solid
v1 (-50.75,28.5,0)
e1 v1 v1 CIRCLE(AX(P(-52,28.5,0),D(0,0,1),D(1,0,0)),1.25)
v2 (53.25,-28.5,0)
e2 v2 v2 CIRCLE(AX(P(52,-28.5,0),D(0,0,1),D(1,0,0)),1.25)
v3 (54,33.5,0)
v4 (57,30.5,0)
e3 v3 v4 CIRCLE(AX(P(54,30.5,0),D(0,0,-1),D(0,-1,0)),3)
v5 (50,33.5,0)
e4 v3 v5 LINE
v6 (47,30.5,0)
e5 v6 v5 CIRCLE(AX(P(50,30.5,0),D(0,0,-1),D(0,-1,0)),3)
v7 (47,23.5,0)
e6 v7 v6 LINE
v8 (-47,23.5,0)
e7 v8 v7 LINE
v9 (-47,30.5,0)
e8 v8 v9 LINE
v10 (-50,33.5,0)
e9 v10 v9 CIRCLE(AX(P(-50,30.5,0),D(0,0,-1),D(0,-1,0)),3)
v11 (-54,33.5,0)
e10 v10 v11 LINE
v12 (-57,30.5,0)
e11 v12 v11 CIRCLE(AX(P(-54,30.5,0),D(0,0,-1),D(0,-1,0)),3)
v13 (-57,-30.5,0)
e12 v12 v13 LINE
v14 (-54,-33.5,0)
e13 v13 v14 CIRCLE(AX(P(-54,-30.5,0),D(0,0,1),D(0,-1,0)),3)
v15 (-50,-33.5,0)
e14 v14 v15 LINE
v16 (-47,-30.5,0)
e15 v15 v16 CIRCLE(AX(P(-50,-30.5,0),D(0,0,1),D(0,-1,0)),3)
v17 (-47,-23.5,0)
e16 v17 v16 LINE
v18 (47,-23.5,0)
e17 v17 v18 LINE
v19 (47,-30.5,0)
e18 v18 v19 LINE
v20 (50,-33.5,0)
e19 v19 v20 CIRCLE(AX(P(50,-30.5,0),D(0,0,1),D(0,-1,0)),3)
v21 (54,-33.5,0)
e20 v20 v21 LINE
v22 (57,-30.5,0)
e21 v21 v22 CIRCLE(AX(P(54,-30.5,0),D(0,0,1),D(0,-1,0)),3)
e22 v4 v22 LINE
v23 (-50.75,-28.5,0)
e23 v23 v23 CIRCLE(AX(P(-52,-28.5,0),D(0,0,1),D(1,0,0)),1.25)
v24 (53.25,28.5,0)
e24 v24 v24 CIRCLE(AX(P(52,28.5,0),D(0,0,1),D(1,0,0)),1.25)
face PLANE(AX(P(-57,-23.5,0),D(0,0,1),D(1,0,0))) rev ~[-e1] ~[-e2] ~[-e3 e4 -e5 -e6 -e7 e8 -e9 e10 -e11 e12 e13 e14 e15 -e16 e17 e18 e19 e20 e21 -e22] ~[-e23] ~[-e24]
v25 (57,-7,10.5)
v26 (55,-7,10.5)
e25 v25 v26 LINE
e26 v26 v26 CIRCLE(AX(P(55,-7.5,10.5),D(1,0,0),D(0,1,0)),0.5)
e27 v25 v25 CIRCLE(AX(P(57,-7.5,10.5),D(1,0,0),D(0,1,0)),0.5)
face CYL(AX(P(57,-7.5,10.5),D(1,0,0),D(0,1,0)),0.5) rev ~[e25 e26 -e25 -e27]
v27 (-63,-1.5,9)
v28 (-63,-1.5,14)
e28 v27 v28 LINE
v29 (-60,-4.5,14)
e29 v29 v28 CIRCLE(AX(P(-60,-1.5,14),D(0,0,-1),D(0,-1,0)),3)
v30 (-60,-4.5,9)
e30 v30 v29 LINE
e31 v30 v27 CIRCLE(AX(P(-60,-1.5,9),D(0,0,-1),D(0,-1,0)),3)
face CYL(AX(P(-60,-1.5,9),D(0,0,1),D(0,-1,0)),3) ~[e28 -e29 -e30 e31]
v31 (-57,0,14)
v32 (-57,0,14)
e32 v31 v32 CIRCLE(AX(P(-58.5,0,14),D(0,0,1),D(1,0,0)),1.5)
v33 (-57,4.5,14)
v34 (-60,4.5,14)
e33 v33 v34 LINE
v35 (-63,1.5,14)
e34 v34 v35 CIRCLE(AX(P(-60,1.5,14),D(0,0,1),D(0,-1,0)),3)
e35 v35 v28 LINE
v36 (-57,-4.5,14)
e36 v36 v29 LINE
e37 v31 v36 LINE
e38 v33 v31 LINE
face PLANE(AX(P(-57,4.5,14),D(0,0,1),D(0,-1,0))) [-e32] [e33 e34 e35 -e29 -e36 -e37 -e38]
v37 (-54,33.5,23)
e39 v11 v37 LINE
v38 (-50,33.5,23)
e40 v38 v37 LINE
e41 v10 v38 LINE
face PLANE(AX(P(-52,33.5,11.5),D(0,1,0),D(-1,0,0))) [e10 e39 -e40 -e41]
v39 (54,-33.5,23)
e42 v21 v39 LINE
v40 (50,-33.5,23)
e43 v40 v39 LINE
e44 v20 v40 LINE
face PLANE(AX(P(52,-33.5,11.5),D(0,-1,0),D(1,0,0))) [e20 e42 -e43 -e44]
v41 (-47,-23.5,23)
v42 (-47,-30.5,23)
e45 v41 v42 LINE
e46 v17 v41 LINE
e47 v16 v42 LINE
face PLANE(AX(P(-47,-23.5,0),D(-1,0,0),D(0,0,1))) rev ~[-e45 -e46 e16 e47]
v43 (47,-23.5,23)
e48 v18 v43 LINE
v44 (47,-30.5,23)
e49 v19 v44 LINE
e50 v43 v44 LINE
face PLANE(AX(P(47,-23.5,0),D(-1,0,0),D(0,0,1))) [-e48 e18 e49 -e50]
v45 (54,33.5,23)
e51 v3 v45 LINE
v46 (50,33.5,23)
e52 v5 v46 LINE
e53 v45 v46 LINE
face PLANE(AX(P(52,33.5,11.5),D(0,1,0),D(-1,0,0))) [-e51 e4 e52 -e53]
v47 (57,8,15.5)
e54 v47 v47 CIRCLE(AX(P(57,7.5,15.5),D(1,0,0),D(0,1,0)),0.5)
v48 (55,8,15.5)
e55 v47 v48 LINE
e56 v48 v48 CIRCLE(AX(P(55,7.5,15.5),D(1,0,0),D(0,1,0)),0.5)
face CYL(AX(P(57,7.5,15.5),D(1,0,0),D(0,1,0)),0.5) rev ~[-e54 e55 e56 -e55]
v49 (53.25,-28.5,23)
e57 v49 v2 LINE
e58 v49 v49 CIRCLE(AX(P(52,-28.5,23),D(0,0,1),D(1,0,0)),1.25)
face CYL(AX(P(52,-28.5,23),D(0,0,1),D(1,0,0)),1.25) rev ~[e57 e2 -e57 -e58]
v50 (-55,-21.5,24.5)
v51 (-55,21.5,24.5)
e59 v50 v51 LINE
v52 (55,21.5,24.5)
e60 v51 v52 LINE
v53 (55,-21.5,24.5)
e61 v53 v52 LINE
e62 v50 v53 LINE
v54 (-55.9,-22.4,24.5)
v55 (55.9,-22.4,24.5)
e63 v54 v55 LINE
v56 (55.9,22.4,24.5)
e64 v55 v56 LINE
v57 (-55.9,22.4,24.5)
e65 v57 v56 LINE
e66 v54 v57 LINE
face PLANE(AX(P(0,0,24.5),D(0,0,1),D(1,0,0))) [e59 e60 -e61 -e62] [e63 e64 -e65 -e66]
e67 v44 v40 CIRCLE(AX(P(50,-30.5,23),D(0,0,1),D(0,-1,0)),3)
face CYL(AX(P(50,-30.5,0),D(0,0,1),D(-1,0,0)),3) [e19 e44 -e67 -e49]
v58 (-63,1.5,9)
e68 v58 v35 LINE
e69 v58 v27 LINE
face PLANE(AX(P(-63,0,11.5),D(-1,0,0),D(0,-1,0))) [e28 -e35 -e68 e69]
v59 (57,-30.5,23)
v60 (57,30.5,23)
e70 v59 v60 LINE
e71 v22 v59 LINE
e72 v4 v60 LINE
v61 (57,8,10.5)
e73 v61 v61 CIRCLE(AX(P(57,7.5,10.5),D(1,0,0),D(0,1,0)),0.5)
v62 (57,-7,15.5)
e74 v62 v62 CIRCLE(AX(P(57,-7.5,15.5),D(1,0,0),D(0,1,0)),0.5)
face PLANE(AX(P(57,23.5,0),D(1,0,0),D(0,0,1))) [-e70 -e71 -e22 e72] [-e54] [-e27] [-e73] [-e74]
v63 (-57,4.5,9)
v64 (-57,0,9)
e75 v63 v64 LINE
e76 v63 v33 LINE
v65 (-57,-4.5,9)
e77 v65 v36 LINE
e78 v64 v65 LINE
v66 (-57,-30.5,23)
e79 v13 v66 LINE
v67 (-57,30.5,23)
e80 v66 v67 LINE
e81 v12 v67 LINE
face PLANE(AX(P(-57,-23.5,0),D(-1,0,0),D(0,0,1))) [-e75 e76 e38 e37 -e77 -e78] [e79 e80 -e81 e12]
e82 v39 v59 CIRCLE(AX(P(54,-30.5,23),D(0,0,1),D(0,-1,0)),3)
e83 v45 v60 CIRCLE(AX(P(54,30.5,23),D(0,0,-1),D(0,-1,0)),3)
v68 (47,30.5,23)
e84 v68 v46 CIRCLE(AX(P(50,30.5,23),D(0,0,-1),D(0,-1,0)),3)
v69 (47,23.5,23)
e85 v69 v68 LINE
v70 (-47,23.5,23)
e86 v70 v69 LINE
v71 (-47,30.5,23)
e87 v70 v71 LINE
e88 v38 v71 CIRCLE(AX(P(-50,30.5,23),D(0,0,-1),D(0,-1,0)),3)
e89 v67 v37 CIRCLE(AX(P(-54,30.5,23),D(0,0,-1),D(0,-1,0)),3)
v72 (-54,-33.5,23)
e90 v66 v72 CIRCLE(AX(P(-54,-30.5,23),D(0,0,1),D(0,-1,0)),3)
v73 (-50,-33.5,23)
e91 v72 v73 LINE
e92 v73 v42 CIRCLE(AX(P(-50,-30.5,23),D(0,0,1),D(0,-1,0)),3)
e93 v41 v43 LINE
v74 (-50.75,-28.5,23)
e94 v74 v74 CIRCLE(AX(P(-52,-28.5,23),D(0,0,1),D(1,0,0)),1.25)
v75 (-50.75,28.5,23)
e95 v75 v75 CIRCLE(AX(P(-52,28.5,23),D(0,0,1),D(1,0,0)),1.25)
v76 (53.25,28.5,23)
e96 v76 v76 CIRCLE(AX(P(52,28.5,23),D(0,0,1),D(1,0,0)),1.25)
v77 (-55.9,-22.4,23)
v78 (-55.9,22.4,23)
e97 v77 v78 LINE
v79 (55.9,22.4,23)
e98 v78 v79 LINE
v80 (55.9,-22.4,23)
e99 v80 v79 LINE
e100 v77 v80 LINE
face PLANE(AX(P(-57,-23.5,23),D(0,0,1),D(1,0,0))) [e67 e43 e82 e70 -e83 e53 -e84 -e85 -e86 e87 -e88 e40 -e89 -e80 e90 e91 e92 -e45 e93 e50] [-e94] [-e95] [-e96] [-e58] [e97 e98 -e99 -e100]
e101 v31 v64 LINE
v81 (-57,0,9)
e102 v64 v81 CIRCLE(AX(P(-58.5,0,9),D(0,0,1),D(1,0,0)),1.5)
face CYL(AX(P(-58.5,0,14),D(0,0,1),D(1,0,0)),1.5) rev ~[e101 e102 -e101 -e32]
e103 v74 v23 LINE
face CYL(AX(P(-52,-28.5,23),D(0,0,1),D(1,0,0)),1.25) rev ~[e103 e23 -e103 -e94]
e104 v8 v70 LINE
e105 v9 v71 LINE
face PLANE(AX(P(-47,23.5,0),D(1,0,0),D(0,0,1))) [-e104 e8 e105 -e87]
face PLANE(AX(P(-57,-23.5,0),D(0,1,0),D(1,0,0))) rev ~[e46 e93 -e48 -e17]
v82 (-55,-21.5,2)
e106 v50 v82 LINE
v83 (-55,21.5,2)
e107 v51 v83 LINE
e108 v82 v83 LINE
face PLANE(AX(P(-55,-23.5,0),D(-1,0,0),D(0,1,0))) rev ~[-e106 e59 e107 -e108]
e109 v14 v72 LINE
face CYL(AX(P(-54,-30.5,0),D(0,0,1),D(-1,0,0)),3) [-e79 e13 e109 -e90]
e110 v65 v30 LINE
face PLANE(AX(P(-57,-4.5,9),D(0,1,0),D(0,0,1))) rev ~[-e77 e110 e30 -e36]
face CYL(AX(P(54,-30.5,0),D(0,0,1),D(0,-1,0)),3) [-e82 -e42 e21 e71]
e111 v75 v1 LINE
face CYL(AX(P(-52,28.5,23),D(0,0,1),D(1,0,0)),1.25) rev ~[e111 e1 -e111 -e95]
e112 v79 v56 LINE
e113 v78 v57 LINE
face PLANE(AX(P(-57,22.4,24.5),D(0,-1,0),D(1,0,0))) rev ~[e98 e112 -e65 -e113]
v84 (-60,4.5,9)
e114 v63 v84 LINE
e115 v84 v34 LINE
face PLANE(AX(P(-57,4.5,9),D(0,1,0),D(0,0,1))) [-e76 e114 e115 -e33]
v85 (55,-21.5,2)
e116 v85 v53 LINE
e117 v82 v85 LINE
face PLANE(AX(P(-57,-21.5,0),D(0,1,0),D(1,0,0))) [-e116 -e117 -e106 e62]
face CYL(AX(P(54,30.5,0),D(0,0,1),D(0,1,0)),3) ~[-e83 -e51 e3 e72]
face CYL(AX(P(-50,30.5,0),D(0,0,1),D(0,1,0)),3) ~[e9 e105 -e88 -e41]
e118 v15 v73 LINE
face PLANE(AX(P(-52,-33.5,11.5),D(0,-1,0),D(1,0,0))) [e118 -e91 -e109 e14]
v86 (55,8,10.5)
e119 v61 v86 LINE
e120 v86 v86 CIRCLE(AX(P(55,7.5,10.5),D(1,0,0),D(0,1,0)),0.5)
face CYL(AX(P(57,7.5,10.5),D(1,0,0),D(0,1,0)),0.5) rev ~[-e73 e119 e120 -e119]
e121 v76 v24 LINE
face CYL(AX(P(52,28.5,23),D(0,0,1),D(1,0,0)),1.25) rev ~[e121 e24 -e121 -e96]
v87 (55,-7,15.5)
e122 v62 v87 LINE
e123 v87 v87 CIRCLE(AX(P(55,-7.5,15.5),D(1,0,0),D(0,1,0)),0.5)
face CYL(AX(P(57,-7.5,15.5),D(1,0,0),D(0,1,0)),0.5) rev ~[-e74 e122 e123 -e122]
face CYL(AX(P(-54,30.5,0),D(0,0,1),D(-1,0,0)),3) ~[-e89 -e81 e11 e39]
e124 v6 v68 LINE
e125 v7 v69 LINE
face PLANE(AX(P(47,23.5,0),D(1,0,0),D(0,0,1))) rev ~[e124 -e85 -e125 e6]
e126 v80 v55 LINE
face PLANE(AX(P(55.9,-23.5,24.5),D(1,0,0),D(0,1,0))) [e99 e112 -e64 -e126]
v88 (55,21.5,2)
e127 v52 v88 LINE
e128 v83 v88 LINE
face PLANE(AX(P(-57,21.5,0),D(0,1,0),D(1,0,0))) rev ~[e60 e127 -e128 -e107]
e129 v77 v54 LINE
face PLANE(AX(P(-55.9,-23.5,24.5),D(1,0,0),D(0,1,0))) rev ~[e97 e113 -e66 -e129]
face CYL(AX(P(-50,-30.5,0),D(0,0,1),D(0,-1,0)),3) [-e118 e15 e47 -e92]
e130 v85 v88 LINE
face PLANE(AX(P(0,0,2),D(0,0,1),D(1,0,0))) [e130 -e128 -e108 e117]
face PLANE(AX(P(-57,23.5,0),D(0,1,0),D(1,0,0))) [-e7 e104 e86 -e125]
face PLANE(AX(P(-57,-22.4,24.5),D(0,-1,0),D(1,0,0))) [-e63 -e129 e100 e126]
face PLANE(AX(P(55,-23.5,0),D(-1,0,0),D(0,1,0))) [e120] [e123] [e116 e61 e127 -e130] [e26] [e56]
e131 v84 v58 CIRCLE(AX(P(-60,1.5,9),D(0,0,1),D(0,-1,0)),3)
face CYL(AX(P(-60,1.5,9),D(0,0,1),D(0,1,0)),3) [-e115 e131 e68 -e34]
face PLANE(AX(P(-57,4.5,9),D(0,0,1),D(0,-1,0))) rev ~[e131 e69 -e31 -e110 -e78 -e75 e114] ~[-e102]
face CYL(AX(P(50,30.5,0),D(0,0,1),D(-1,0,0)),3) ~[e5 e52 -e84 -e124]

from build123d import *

# Parameters (mm, degrees)
SKETCH_W        = 114
SKETCH_H        = 47
PAD_DEPTH       = 24.5
THICKNESS_T     = -2
SKETCH001_W     = 114
SKETCH001_H     = 1.1
POCKET_DEPTH    = 1.5
SKETCH002_W     = 1.1
SKETCH002_H     = 47
POCKET001_DEPTH = 1.5
SKETCH003_W     = 10
SKETCH003_H     = 23
PAD001_DEPTH    = 10
SKETCH004_W     = 10
SKETCH004_H     = 23
PAD002_DEPTH    = 10
SKETCH005_R     = 1.25
POCKET002_DEPTH = 23
SKETCH006_R     = 0.5
POCKET003_DEPTH = 2
SKETCH007_W     = 9
SKETCH007_H     = 5
PAD003_DEPTH    = 6
SKETCH009_R     = 1.5
POCKET004_DEPTH = 5
FILLET_R        = 3
FILLET001_R     = 3
FILLET002_R     = 3


with BuildPart() as part:
    # Sketch → Pad (new body)
    with BuildSketch(Plane.XY):
        Rectangle(SKETCH_W, SKETCH_H)
    extrude(amount=PAD_DEPTH)

    # Thickness
    thickness_openings = [part.faces().sort_by_distance(p)[0] for p in [
        (0, 0, 24.5),
    ]]
    offset(amount=THICKNESS_T, openings=thickness_openings)

    # Sketch001 (on Face6 of Thickness) → Pocket (cut)
    with BuildSketch(Plane.XY.offset(24.5)):
        with Locations((0, -22.95)):
            Rectangle(SKETCH001_W, SKETCH001_H)
        with Locations((0, 22.95)):
            Rectangle(SKETCH001_W, SKETCH001_H)
    extrude(amount=-POCKET_DEPTH, mode=Mode.SUBTRACT)

    # Sketch002 (on Face6 of Pocket) → Pocket001 (cut)
    with BuildSketch(Plane.XY.offset(24.5)):
        with Locations((56.45, 0)):
            Rectangle(SKETCH002_W, SKETCH002_H)
        with Locations((-56.45, 0)):
            Rectangle(SKETCH002_W, SKETCH002_H)
    extrude(amount=-POCKET001_DEPTH, mode=Mode.SUBTRACT)

    # Sketch003 (on Face4 of Pocket001) → Pad001 (join)
    with BuildSketch(Plane(origin=(0, 23.5, 0), x_dir=(-1, 0, 0), z_dir=(0, 1, 0))):
        with Locations((-52, 11.5)):
            Rectangle(SKETCH003_W, SKETCH003_H)
        with Locations((52, 11.5)):
            Rectangle(SKETCH003_W, SKETCH003_H)
    extrude(amount=PAD001_DEPTH)

    # Sketch004 (on Face1 of Pad001) → Pad002 (join)
    with BuildSketch(Plane.XZ.offset(23.5)):
        with Locations((-52, 11.5)):
            Rectangle(SKETCH004_W, SKETCH004_H)
        with Locations((52, 11.5)):
            Rectangle(SKETCH004_W, SKETCH004_H)
    extrude(amount=PAD002_DEPTH)

    # Sketch005 (on Face12 of Pad002) → Pocket002 (cut)
    with BuildSketch(Plane.XY.offset(23)):
        with Locations((-52, 28.5)):
            Circle(SKETCH005_R)
        with Locations((52, 28.5)):
            Circle(SKETCH005_R)
        with Locations((52, -28.5)):
            Circle(SKETCH005_R)
        with Locations((-52, -28.5)):
            Circle(SKETCH005_R)
    extrude(amount=-POCKET002_DEPTH, mode=Mode.SUBTRACT)

    # Sketch006 (on Face12 of Pocket002) → Pocket003 (cut)
    with BuildSketch(Plane.YZ.offset(57)):
        with Locations((7.5, 10.5)):
            Circle(SKETCH006_R)
        with Locations((7.5, 15.5)):
            Circle(SKETCH006_R)
        with Locations((-7.5, 10.5)):
            Circle(SKETCH006_R)
        with Locations((-7.5, 15.5)):
            Circle(SKETCH006_R)
    extrude(amount=-POCKET003_DEPTH, mode=Mode.SUBTRACT)

    # Sketch007 (on Face4 of Pocket003) → Pad003 (join)
    with BuildSketch(Plane(origin=(-57, 0, 0), x_dir=(0, -1, 0), z_dir=(-1, 0, 0))):
        with Locations((0, 11.5)):
            Rectangle(SKETCH007_W, SKETCH007_H)
    extrude(amount=PAD003_DEPTH)

    # Sketch009 (on Face22 of Pad003) → Pocket004 (cut)
    with BuildSketch(Plane.XY.offset(14)):
        with Locations((-58.5, 0)):
            Circle(SKETCH009_R)
    extrude(amount=-POCKET004_DEPTH, mode=Mode.SUBTRACT)

    # Fillet
    fillet_edges = [part.edges().sort_by_distance(p)[0] for p in [
        (-57, -33.5, 11.5),
        (-47, -33.5, 11.5),
        (47, -33.5, 11.5),
        (57, -33.5, 11.5),
    ]]
    fillet(fillet_edges, radius=FILLET_R)

    # Fillet001
    fillet001_edges = [part.edges().sort_by_distance(p)[0] for p in [
        (-63, -4.5, 11.5),
        (-63, 4.5, 11.5),
    ]]
    fillet(fillet001_edges, radius=FILLET001_R)

    # Fillet002
    fillet002_edges = [part.edges().sort_by_distance(p)[0] for p in [
        (57, 33.5, 11.5),
        (47, 33.5, 11.5),
        (-47, 33.5, 11.5),
        (-57, 33.5, 11.5),
    ]]
    fillet(fillet002_edges, radius=FILLET002_R)


solid = part.part
